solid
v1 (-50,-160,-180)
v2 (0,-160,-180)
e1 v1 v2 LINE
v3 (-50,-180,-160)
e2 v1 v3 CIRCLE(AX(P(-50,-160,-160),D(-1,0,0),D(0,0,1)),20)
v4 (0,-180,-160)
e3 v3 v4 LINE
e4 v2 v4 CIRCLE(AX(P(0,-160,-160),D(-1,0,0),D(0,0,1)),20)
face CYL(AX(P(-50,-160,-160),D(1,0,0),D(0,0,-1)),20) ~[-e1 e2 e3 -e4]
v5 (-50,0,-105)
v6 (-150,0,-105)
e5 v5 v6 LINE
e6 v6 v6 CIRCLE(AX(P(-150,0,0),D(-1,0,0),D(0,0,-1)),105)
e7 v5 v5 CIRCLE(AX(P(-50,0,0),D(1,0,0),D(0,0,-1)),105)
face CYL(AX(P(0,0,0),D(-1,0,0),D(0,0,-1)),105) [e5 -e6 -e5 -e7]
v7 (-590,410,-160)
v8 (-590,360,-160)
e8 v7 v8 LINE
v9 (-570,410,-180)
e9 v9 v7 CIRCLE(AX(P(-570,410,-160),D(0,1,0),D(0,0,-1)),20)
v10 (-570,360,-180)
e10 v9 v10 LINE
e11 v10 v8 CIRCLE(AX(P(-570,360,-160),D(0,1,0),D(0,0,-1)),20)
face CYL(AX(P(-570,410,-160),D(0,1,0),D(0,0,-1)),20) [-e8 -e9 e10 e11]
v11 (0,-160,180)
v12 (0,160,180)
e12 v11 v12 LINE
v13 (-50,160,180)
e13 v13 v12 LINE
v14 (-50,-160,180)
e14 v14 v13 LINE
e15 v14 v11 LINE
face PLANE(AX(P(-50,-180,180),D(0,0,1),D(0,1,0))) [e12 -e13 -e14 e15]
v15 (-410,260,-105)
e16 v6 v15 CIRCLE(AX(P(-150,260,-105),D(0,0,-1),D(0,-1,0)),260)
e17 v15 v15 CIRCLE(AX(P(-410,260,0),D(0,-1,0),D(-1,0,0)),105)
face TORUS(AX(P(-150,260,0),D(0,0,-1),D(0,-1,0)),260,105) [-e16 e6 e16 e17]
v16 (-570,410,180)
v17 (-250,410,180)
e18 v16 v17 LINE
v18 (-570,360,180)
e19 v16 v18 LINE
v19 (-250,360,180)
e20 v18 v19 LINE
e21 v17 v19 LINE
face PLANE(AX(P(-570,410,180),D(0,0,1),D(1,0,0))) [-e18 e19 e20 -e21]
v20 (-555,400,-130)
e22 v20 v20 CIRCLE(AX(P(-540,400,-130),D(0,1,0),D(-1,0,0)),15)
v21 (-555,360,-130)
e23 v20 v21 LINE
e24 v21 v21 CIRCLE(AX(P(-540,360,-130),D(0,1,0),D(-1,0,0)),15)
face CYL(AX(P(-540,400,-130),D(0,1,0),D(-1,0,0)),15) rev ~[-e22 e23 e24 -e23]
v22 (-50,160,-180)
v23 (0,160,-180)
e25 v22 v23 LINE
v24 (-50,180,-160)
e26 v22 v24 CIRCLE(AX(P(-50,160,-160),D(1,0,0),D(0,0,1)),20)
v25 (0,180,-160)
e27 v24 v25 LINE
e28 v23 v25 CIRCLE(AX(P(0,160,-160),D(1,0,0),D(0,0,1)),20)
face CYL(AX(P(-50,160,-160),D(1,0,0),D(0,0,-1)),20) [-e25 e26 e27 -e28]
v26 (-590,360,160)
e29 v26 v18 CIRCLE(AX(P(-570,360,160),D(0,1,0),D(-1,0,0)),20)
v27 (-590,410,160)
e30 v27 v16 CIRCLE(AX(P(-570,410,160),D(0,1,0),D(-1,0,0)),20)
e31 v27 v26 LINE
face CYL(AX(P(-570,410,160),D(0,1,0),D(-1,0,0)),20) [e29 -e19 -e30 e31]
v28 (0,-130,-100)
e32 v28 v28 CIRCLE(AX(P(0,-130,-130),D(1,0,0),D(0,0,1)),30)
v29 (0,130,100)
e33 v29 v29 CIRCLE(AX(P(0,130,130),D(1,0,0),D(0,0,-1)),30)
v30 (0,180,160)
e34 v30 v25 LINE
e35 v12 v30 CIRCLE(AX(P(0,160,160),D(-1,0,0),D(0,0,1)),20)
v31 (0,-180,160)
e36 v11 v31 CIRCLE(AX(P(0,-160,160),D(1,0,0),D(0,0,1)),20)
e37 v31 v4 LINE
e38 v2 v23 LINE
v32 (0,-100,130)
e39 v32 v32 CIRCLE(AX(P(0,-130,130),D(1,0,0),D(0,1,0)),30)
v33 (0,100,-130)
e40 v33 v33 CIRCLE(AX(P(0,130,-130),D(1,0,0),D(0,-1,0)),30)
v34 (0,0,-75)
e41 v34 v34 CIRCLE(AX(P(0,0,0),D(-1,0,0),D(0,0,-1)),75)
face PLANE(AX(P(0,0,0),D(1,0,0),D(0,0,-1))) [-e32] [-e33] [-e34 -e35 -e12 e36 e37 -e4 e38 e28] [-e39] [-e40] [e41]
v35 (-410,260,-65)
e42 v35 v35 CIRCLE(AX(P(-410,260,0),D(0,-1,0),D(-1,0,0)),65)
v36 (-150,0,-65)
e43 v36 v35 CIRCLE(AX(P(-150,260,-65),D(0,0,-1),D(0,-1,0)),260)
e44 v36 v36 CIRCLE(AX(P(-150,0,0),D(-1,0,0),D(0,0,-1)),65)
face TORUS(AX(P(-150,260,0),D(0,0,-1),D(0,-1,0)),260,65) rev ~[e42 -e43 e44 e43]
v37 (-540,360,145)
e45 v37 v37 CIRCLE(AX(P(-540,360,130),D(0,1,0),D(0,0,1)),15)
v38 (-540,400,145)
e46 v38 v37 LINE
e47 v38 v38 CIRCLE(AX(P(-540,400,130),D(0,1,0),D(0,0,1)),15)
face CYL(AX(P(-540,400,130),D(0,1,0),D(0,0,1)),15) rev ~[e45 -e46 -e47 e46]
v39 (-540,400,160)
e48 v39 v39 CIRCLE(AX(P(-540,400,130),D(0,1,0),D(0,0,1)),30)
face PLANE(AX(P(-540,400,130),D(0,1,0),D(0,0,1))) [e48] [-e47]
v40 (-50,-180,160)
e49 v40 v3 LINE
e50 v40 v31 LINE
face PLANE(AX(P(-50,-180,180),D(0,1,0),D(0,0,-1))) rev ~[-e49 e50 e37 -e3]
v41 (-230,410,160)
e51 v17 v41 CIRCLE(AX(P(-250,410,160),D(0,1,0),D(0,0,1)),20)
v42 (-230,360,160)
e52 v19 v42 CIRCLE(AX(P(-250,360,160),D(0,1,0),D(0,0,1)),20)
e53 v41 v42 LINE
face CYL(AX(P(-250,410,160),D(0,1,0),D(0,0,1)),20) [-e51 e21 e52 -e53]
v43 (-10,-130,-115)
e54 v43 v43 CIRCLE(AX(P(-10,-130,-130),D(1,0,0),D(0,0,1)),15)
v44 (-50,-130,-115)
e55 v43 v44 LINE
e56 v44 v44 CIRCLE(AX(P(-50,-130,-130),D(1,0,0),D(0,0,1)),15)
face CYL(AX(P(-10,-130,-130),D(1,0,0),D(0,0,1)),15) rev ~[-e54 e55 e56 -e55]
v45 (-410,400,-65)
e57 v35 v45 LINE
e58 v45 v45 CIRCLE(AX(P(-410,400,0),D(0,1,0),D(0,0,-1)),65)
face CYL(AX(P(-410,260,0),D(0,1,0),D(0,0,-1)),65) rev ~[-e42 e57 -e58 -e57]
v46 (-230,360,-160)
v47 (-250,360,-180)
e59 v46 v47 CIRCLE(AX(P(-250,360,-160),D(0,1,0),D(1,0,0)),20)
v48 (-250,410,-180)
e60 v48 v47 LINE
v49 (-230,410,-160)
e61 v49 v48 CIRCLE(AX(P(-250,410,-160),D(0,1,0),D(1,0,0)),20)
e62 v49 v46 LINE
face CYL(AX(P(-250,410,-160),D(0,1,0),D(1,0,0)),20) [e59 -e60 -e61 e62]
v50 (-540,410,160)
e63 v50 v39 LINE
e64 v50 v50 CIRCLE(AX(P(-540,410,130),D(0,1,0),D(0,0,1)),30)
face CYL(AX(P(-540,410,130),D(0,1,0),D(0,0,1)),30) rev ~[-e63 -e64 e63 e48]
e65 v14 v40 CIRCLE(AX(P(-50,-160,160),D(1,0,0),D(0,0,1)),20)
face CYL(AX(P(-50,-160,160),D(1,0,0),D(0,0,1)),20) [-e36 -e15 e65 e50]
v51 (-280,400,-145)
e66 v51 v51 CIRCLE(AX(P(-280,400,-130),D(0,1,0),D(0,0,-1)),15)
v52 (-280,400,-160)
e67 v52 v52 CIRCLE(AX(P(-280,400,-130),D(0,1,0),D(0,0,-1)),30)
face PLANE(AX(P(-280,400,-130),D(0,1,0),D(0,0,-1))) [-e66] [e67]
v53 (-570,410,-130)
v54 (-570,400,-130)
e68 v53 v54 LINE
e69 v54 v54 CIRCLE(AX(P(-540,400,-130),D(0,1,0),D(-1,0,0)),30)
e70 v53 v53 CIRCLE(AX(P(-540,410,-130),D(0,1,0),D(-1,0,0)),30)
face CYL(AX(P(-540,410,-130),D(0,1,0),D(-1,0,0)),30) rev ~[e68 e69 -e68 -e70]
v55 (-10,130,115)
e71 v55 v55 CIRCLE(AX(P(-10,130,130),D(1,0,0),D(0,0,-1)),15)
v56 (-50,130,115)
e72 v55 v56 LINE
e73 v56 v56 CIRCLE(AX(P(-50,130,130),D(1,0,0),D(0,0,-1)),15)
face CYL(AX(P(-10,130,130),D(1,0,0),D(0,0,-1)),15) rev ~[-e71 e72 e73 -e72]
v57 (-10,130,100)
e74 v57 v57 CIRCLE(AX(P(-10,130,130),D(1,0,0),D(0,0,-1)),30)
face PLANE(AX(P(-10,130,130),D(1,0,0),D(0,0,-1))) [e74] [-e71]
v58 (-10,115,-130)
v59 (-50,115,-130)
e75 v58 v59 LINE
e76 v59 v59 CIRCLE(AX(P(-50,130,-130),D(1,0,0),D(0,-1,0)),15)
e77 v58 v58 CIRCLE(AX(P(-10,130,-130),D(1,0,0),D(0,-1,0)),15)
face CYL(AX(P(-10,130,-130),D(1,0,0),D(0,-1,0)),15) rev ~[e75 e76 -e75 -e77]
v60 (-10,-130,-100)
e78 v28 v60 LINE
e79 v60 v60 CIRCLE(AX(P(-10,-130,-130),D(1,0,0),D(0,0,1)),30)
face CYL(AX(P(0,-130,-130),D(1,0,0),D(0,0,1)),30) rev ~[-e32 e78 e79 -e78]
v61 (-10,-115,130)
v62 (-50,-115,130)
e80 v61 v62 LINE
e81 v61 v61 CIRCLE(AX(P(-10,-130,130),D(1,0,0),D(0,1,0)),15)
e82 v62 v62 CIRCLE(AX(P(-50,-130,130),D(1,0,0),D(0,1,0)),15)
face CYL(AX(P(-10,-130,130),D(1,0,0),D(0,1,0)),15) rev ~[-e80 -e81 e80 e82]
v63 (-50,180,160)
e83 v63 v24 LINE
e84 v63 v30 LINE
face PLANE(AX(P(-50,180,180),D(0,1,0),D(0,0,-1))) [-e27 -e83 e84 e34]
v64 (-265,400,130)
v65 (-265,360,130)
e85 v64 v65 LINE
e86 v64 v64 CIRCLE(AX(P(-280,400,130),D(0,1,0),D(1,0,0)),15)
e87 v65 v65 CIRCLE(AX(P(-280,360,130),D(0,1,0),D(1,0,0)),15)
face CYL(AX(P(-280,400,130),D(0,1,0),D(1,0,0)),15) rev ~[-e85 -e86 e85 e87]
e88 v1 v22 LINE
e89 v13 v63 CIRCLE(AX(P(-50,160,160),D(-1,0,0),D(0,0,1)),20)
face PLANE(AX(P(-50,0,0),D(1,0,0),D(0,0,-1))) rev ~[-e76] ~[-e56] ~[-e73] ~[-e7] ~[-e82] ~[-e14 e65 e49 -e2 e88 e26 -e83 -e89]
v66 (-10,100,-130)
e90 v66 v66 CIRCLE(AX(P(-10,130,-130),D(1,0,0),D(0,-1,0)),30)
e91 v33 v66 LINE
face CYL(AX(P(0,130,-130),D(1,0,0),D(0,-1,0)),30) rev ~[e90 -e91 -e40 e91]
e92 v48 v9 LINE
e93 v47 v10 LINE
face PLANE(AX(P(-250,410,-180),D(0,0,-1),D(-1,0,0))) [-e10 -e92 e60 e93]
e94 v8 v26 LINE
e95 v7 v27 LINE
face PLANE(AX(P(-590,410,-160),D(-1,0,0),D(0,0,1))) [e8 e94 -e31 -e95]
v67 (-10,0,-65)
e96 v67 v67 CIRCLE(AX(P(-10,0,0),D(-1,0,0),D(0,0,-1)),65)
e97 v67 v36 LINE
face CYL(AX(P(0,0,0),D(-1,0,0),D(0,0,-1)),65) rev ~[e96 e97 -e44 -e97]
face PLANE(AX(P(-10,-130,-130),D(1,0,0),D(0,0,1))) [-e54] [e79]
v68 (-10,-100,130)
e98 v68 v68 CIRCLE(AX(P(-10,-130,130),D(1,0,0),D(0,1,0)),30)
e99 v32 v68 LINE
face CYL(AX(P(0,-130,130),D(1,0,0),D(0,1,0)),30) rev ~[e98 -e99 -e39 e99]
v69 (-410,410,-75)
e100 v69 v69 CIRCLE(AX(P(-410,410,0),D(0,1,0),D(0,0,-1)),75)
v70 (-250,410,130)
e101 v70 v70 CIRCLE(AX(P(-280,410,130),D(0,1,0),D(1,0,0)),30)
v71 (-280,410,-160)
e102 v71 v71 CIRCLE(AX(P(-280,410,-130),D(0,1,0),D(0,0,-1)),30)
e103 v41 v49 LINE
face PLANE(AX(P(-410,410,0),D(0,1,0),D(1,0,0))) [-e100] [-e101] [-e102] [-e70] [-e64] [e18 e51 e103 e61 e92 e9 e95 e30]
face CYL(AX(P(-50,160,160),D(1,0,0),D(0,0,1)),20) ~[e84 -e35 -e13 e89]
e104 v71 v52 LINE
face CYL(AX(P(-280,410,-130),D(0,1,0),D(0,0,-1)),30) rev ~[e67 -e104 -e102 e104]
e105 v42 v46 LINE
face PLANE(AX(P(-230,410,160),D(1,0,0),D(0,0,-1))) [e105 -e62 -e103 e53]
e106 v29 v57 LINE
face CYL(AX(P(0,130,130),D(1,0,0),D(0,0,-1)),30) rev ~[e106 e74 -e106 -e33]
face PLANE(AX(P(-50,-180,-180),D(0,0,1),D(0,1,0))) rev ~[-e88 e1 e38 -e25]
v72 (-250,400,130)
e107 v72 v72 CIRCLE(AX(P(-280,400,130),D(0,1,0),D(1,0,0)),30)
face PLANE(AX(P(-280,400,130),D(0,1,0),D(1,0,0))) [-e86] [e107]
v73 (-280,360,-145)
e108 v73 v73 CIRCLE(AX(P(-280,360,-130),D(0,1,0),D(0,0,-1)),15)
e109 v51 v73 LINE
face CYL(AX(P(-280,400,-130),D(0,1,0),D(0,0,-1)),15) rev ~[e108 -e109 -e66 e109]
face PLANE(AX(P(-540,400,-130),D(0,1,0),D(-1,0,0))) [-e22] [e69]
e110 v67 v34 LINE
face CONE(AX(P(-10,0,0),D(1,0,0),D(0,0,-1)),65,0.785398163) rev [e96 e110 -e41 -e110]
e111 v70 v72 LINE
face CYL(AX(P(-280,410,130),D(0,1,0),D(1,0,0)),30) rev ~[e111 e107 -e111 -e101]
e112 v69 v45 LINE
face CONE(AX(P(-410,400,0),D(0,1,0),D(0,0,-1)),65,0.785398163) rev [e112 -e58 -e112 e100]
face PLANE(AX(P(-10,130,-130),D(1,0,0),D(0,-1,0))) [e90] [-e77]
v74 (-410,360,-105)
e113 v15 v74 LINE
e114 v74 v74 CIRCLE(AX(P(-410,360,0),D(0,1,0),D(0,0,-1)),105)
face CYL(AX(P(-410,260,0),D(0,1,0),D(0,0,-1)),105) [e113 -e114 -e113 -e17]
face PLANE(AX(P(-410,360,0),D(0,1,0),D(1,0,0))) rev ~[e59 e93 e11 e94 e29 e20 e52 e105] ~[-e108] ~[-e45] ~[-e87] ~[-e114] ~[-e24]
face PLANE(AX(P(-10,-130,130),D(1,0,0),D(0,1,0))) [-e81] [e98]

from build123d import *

# Parameters (mm, degrees)
SKETCH2_R           = 105
SKETCH2_R_2         = 65
BOSS_EXTRUDE1_START = -50
SKETCH4_W           = 360
SKETCH4_H           = 360
SKETCH4_R           = 105
BOSS_EXTRUDE1_DEPTH = 50
FILLET1_R           = 20
SKETCH5_R           = 105
BOSS_EXTRUDE2_DEPTH = 50
SKETCH6_R           = 30
CUT_EXTRUDE1_DEPTH  = 10
CUT_EXTRUDE2_REACH  = 848.699
SKETCH7_R           = 15
CIRPATTERN1_COUNT   = 4
SKETCH8_R           = 30
CUT_EXTRUDE4_DEPTH  = 10
CUT_EXTRUDE5_REACH  = 734.735
SKETCH10_R          = 15
CIRPATTERN2_COUNT   = 4
CHAMFER1_SIZE       = 10


with BuildPart() as part:
    # Sweep-Thin1: sweep along a path in Sketch1
    with BuildLine(Plane.XY) as sweep_thin1_path:
        Line((0, 0), (-150, 0))
        ThreePointArc((-150, 0), (-333.847763109, 76.152236891), (-410, 260))
        Line((-410, 260), (-410, 410))
    # Sketch2 → Sweep-Thin1 (sweep)
    with BuildSketch(Plane(origin=(0, 0, 0), x_dir=(0, 0, -1), z_dir=(1, 0, 0))):
        Circle(SKETCH2_R)
        Circle(SKETCH2_R_2, mode=Mode.SUBTRACT)
    sweep(path=sweep_thin1_path.line)

    # Sketch4 → Boss-Extrude1 (add)
    with BuildSketch(Plane(origin=(0, 0, 0), x_dir=(0, 0, -1), z_dir=(1, 0, 0)).offset(BOSS_EXTRUDE1_START)):
        Rectangle(SKETCH4_W, SKETCH4_H)
        with Locations(Location((0, 0, 0), (0, 0, 270))):
            Circle(SKETCH4_R, mode=Mode.SUBTRACT)
    extrude(amount=BOSS_EXTRUDE1_DEPTH)

    # Fillet1
    fillet1_edges = [part.edges().sort_by_distance(p)[0] for p in [
        (-25, 180, -180),
        (-25, -180, -180),
        (-25, -180, 180),
        (-25, 180, 180),
    ]]
    fillet(fillet1_edges, radius=FILLET1_R)

    # Sketch5 → Boss-Extrude2 (add)
    with BuildSketch(Plane(origin=(0, 410, 0), x_dir=(1, 0, 0), z_dir=(0, 1, 0))):
        with BuildLine():
            Line((-570, -180), (-250, -180))
            ThreePointArc((-250, -180), (-235.857864376, -174.142135624), (-230, -160))
            Line((-230, -160), (-230, 160))
            ThreePointArc((-230, 160), (-235.857864376, 174.142135624), (-250, 180))
            Line((-250, 180), (-570, 180))
            ThreePointArc((-570, 180), (-584.142135624, 174.142135624), (-590, 160))
            Line((-590, 160), (-590, -160))
            ThreePointArc((-590, -160), (-584.142135624, -174.142135624), (-570, -180))
        make_face()
        with Locations(Location((-410, 0, 0), (0, 0, 180))):
            Circle(SKETCH5_R, mode=Mode.SUBTRACT)
    extrude(amount=-BOSS_EXTRUDE2_DEPTH)

    # Sketch6 → Cut-Extrude1 (cut)
    with BuildSketch(Plane(origin=(0, 410, 0), x_dir=(1, 0, 0), z_dir=(0, 1, 0))):
        with Locations(Location((-540, 130, 0), (0, 0, 180))):
            Circle(SKETCH6_R)
    cut_extrude1 = extrude(amount=-CUT_EXTRUDE1_DEPTH, mode=Mode.SUBTRACT)

    # Sketch7 → Cut-Extrude2 (cut, up to next)
    with BuildSketch(Plane(origin=(0, 400, 0), x_dir=(1, 0, 0), z_dir=(0, 1, 0)), mode=Mode.PRIVATE) as cut_extrude2_sk1:
        with Locations(Location((-540, 130, 0), (0, 0, 180))):
            Circle(SKETCH7_R)
    cut_extrude2_tool1 = extrude(cut_extrude2_sk1.sketch, amount=-CUT_EXTRUDE2_REACH, mode=Mode.PRIVATE) & part.part
    cut_extrude2 = cut_extrude2_tool1.solids().sort_by_distance((-540, 400, -130))[0]
    add(cut_extrude2, mode=Mode.SUBTRACT)

    # CirPattern1: Cut-Extrude1, Cut-Extrude2 ×4 about axis
    cirpattern1_axis = Axis((-410, 0, 0), (0, 1, 0))
    add([cut_extrude1.rotate(cirpattern1_axis, i * 360 / CIRPATTERN1_COUNT) for i in range(1, CIRPATTERN1_COUNT)], mode=Mode.SUBTRACT)
    add([cut_extrude2.rotate(cirpattern1_axis, i * 360 / CIRPATTERN1_COUNT) for i in range(1, CIRPATTERN1_COUNT)], mode=Mode.SUBTRACT)

    # Sketch8 → Cut-Extrude4 (cut)
    with BuildSketch(Plane(origin=(0, 0, 0), x_dir=(0, 0, -1), z_dir=(1, 0, 0))):
        with Locations((-130, 130)):
            Circle(SKETCH8_R)
    cut_extrude4 = extrude(amount=-CUT_EXTRUDE4_DEPTH, mode=Mode.SUBTRACT)

    # Sketch10 → Cut-Extrude5 (cut, up to next)
    with BuildSketch(Plane(origin=(-10, 0, 0), x_dir=(0, 0, -1), z_dir=(1, 0, 0)), mode=Mode.PRIVATE) as cut_extrude5_sk1:
        with Locations((-130, 130)):
            Circle(SKETCH10_R)
    cut_extrude5_tool1 = extrude(cut_extrude5_sk1.sketch, amount=-CUT_EXTRUDE5_REACH, mode=Mode.PRIVATE) & part.part
    cut_extrude5 = cut_extrude5_tool1.solids().sort_by_distance((-10, 130, 130))[0]
    add(cut_extrude5, mode=Mode.SUBTRACT)

    # CirPattern2: Cut-Extrude4, Cut-Extrude5 ×4 about axis
    cirpattern2_axis = Axis((0, 0, 0), (1, 0, 0))
    add([cut_extrude4.rotate(cirpattern2_axis, i * 360 / CIRPATTERN2_COUNT) for i in range(1, CIRPATTERN2_COUNT)], mode=Mode.SUBTRACT)
    add([cut_extrude5.rotate(cirpattern2_axis, i * 360 / CIRPATTERN2_COUNT) for i in range(1, CIRPATTERN2_COUNT)], mode=Mode.SUBTRACT)

    # Chamfer1
    chamfer1_edges = [part.edges().sort_by_distance(p)[0] for p in [
        (0, 0, 65),
        (-410, 410, 65),
    ]]
    chamfer(chamfer1_edges, length=CHAMFER1_SIZE)


solid = part.part
